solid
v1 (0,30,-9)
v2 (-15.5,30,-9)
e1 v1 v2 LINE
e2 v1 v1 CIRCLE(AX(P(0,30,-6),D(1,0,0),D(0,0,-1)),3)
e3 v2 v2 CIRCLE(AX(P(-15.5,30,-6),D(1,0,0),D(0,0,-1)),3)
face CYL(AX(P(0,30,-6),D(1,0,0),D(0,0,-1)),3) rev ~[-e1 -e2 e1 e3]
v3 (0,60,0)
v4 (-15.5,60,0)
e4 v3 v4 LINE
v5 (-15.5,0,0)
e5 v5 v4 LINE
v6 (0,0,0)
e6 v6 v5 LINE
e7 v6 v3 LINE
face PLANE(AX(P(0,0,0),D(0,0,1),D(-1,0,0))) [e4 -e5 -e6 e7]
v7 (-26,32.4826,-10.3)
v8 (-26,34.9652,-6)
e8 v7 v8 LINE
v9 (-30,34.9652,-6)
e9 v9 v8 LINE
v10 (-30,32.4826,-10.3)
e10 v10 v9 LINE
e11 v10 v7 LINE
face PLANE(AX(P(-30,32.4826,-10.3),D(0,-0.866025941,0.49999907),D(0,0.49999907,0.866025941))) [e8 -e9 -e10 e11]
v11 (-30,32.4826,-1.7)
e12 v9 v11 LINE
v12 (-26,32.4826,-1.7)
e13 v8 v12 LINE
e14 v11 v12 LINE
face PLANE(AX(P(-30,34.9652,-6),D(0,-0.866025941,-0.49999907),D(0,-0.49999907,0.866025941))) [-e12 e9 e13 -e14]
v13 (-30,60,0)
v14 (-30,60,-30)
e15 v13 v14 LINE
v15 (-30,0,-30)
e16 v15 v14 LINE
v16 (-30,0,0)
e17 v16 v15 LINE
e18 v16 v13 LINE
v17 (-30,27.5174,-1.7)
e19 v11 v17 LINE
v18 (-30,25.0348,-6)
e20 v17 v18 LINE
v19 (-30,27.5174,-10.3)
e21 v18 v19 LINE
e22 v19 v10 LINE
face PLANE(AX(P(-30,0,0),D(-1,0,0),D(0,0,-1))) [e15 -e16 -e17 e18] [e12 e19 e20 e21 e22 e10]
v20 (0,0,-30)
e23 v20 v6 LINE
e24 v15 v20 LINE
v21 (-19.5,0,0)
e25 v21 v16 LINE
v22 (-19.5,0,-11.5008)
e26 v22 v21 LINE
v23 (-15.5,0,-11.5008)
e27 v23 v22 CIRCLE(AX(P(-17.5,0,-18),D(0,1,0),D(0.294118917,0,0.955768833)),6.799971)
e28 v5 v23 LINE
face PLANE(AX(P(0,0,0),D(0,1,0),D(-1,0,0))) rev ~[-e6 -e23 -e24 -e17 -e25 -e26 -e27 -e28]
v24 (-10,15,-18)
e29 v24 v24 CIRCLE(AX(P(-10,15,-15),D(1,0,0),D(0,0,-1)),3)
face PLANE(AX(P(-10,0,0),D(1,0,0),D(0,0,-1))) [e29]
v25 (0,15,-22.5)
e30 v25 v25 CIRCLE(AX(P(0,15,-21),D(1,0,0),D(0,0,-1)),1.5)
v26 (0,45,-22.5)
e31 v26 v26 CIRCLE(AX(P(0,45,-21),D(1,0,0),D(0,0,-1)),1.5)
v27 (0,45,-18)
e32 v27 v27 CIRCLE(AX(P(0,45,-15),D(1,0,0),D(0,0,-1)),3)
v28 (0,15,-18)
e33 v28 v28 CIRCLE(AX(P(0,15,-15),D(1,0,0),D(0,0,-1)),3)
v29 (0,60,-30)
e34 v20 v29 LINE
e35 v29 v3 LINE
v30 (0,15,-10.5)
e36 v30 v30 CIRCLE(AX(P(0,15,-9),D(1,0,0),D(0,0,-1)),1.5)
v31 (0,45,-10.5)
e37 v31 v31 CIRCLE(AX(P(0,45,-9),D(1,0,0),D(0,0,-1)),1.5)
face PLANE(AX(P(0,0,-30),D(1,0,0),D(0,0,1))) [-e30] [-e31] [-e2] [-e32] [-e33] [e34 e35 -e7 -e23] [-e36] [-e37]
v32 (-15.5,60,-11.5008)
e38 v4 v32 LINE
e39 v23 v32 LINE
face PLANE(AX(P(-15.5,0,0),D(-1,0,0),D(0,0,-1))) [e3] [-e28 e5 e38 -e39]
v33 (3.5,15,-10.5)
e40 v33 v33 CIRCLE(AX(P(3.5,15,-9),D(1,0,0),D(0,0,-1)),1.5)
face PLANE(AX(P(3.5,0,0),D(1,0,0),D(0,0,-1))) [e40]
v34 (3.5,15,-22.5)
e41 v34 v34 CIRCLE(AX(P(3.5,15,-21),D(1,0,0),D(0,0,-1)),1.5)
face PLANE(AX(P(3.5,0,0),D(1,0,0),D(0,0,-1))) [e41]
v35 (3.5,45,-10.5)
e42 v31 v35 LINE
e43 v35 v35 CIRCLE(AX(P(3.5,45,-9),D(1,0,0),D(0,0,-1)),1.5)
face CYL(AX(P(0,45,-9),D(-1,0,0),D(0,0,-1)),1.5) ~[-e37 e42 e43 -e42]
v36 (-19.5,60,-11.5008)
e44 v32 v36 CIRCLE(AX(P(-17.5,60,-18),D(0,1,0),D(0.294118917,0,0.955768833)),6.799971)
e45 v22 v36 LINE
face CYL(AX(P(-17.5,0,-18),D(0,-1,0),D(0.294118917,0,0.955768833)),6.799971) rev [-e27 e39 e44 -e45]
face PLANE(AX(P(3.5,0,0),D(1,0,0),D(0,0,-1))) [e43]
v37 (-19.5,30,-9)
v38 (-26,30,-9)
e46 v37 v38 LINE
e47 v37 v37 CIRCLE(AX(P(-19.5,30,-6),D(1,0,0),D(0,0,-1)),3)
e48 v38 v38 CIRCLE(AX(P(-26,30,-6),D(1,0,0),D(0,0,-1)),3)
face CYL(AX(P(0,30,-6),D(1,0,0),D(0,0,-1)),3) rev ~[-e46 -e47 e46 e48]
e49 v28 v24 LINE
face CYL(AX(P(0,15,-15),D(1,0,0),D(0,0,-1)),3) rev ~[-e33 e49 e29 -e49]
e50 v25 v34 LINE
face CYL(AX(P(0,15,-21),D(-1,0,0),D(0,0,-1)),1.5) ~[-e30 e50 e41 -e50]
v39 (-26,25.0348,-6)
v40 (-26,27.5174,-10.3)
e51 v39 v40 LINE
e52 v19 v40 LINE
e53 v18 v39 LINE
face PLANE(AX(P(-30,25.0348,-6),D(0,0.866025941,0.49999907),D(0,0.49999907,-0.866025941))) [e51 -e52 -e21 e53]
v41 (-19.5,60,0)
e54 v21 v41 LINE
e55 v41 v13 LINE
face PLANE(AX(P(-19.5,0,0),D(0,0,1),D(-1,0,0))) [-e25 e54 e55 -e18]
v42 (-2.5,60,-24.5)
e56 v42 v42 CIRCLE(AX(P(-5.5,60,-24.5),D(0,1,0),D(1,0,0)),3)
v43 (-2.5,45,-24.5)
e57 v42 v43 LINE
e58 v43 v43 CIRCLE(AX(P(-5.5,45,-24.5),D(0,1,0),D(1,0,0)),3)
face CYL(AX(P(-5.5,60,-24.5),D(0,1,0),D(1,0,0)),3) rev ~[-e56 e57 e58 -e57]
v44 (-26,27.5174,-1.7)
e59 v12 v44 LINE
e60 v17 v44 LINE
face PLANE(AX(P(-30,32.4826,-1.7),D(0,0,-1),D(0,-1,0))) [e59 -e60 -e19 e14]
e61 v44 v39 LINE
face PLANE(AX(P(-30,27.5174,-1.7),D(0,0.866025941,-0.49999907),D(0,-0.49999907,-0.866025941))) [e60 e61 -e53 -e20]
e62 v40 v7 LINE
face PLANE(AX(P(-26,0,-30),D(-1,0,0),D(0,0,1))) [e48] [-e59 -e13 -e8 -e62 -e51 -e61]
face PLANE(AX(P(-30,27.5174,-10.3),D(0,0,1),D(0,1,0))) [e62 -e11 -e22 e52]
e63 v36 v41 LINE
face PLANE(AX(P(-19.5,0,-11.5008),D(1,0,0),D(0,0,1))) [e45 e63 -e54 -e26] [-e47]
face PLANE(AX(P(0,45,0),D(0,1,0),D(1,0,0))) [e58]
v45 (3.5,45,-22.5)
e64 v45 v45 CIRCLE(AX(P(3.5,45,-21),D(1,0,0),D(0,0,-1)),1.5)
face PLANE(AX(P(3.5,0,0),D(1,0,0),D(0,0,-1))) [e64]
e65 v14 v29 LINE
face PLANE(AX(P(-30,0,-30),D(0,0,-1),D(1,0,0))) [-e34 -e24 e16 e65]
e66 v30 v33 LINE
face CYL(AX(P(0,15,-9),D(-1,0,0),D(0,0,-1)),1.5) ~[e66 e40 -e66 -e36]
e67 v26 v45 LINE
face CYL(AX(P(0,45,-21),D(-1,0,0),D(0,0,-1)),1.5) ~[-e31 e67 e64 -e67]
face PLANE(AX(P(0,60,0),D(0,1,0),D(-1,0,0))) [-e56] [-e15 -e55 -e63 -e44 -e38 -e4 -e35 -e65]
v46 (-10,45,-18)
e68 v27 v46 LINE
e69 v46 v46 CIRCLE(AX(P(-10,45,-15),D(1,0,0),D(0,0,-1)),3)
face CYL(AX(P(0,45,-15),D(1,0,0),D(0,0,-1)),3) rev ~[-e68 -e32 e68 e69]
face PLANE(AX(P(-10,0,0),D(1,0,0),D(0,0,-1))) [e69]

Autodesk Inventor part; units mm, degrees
ref_plane "YZ Plane" through (0, 0, 0) normal (1, 0, 0) x (0, 1, 0)
ref_plane "XZ Plane" through (0, 0, 0) normal (0, 1, 0) x (-1, 0, 0)
ref_plane "XY Plane" through (0, 0, 0) normal (0, 0, 1) x (1, 0, 0)
sketch "Sketch1" plane through (0, 0, 0) normal (0, 1, 0) x (-1, 0, 0)
  line L0 (30, 0) -> (30, -30)
  line L1 (30, -30) -> (0, -30)
  line L2 (0, -30) -> (0, 0)
  arc A0 (15.5, -11.5008) -> (19.5, -11.5008) centre (17.5, -18) ccw
  line L3 (17.5, -18) -> (17.5, -3) construction
  line L4 (15.5, 0) -> (15.5, -11.5008)
  line L5 (19.5, -11.5008) -> (19.5, 0)
  line L6 (0, 0) -> (15.5, 0)
  line L7 (19.5, 0) -> (30, 0)
  dimension "d0" = 30
  dimension "d1" = 30
  dimension "d2" = 13.6
  dimension "d3" = 18
  dimension "d8" = 17.5
  dimension "d9" = 4
  dimension "d10" = 2
extrude "Extrusion1" add sketch "Sketch1" along normal blind 60
sketch "Sketch2" plane through (0, 0, 0) normal (1, 0, 0) x (0, 0, -1)
  line L0 (0, 0) -> (30, 0) projected
  line L1 (30, 0) -> (30, 60) projected
  line L2 (0, 60) -> (30, 60) projected
  line L3 (0, 0) -> (0, 60) projected
  line L4 (11.5008, 0) -> (11.5008, 60) projected
  circle A0 centre (6, 30) radius 3
  dimension "d14" = 6
  dimension "d15" = 30
  dimension "d16" = 6
extrude "Extrusion2" cut sketch "Sketch2" against normal through all contours A0
sketch "Sketch3" plane through (-30, 0, -30) normal (-1, 0, 0) x (0, 0, 1)
  line L0 (30, 0) -> (30, 60) projected
  circle A0 centre (24, 30) radius 3 construction
  line L1 (19.7, 27.5174) -> (19.7, 32.4826)
  line L2 (19.7, 32.4826) -> (24, 34.9652)
  line L3 (24, 34.9652) -> (28.3, 32.4826)
  line L4 (28.3, 32.4826) -> (28.3, 27.5174)
  line L5 (28.3, 27.5174) -> (24, 25.0348)
  line L6 (24, 25.0348) -> (19.7, 27.5174)
  dimension "d31" = 4.3
sketch "Sketch4" plane through (0, 0, 0) normal (1, 0, 0) x (0, 0, -1)
  circle A0 centre (6, 30) radius 3 construction
  line L0 (0, 0) -> (30, 0) construction
  line L1 (30, 0) -> (30, 60) construction
  line L2 (0, 60) -> (30, 60) construction
  line L3 (0, 0) -> (0, 60) construction
  line L4 (30, 60) -> (0, 60) construction
  line L5 (15, 60) -> (15, 0) construction
  line L6 (30, 0) -> (0, 0) construction
  line L7 (0, 0) -> (0, 60) construction
  line L8 (0, 30) -> (30, 30) construction
  circle A1 centre (15, 45) radius 3
  circle A2 centre (15, 15) radius 3
  dimension "d22" = 6
  dimension "d23" = 15
  dimension "d24" = 6
  dimension "d25" = 15
extrude "Extrusion4" cut sketch "Sketch4" against normal blind 10
extrude "Extrusion6" cut sketch "Sketch3" against normal blind 4
sketch "Sketch6" plane through (0, 0, 0) normal (1, 0, 0) x (0, 0, -1)
  circle A0 centre (15, 45) radius 3 construction
  circle A1 centre (15, 15) radius 3 construction
  circle A2 centre (6, 30) radius 3 construction
  line L0 (0, 0) -> (30, 0) construction
  line L1 (30, 0) -> (30, 60) construction
  line L2 (0, 60) -> (30, 60) construction
  line L3 (0, 0) -> (0, 60) construction
  line L4 (30, 0) -> (30, 60) construction
  line L5 (30, 15) -> (0, 15) construction
  line L6 (30, 45) -> (0, 45) construction
  line L7 (0, 0) -> (0, 60) construction
  circle A3 centre (9, 15) radius 1.5
  circle A4 centre (21, 15) radius 1.5
  circle A5 centre (9, 45) radius 1.5
  circle A6 centre (21, 45) radius 1.5
  dimension "d34" = 3
  dimension "d35" = 3
  dimension "d36" = 3
  dimension "d37" = 3
  dimension "d38" = 6
  dimension "d39" = 6
  dimension "d40" = 6
  dimension "d41" = 6
  dimension "d42" = 15
  dimension "d43" = 15
extrude "Extrusion7" add sketch "Sketch6" along normal blind 3.5
sketch "Sketch7" plane through (0, 60, 0) normal (0, 1, 0) x (1, 0, 0)
  circle A0 centre (-5.5, 24.5) radius 3
  line L0 (0, 30) -> (-30, 30) projected
  line L1 (0, 0) -> (0, 30) projected
  dimension "d46" = 6
  dimension "d47" = 5.5
  dimension "d48" = 5.5
extrude "Extrusion8" cut sketch "Sketch7" against normal blind 15
properties part number "SupportV2_P1_ComFuros" material "PET Plastic"
